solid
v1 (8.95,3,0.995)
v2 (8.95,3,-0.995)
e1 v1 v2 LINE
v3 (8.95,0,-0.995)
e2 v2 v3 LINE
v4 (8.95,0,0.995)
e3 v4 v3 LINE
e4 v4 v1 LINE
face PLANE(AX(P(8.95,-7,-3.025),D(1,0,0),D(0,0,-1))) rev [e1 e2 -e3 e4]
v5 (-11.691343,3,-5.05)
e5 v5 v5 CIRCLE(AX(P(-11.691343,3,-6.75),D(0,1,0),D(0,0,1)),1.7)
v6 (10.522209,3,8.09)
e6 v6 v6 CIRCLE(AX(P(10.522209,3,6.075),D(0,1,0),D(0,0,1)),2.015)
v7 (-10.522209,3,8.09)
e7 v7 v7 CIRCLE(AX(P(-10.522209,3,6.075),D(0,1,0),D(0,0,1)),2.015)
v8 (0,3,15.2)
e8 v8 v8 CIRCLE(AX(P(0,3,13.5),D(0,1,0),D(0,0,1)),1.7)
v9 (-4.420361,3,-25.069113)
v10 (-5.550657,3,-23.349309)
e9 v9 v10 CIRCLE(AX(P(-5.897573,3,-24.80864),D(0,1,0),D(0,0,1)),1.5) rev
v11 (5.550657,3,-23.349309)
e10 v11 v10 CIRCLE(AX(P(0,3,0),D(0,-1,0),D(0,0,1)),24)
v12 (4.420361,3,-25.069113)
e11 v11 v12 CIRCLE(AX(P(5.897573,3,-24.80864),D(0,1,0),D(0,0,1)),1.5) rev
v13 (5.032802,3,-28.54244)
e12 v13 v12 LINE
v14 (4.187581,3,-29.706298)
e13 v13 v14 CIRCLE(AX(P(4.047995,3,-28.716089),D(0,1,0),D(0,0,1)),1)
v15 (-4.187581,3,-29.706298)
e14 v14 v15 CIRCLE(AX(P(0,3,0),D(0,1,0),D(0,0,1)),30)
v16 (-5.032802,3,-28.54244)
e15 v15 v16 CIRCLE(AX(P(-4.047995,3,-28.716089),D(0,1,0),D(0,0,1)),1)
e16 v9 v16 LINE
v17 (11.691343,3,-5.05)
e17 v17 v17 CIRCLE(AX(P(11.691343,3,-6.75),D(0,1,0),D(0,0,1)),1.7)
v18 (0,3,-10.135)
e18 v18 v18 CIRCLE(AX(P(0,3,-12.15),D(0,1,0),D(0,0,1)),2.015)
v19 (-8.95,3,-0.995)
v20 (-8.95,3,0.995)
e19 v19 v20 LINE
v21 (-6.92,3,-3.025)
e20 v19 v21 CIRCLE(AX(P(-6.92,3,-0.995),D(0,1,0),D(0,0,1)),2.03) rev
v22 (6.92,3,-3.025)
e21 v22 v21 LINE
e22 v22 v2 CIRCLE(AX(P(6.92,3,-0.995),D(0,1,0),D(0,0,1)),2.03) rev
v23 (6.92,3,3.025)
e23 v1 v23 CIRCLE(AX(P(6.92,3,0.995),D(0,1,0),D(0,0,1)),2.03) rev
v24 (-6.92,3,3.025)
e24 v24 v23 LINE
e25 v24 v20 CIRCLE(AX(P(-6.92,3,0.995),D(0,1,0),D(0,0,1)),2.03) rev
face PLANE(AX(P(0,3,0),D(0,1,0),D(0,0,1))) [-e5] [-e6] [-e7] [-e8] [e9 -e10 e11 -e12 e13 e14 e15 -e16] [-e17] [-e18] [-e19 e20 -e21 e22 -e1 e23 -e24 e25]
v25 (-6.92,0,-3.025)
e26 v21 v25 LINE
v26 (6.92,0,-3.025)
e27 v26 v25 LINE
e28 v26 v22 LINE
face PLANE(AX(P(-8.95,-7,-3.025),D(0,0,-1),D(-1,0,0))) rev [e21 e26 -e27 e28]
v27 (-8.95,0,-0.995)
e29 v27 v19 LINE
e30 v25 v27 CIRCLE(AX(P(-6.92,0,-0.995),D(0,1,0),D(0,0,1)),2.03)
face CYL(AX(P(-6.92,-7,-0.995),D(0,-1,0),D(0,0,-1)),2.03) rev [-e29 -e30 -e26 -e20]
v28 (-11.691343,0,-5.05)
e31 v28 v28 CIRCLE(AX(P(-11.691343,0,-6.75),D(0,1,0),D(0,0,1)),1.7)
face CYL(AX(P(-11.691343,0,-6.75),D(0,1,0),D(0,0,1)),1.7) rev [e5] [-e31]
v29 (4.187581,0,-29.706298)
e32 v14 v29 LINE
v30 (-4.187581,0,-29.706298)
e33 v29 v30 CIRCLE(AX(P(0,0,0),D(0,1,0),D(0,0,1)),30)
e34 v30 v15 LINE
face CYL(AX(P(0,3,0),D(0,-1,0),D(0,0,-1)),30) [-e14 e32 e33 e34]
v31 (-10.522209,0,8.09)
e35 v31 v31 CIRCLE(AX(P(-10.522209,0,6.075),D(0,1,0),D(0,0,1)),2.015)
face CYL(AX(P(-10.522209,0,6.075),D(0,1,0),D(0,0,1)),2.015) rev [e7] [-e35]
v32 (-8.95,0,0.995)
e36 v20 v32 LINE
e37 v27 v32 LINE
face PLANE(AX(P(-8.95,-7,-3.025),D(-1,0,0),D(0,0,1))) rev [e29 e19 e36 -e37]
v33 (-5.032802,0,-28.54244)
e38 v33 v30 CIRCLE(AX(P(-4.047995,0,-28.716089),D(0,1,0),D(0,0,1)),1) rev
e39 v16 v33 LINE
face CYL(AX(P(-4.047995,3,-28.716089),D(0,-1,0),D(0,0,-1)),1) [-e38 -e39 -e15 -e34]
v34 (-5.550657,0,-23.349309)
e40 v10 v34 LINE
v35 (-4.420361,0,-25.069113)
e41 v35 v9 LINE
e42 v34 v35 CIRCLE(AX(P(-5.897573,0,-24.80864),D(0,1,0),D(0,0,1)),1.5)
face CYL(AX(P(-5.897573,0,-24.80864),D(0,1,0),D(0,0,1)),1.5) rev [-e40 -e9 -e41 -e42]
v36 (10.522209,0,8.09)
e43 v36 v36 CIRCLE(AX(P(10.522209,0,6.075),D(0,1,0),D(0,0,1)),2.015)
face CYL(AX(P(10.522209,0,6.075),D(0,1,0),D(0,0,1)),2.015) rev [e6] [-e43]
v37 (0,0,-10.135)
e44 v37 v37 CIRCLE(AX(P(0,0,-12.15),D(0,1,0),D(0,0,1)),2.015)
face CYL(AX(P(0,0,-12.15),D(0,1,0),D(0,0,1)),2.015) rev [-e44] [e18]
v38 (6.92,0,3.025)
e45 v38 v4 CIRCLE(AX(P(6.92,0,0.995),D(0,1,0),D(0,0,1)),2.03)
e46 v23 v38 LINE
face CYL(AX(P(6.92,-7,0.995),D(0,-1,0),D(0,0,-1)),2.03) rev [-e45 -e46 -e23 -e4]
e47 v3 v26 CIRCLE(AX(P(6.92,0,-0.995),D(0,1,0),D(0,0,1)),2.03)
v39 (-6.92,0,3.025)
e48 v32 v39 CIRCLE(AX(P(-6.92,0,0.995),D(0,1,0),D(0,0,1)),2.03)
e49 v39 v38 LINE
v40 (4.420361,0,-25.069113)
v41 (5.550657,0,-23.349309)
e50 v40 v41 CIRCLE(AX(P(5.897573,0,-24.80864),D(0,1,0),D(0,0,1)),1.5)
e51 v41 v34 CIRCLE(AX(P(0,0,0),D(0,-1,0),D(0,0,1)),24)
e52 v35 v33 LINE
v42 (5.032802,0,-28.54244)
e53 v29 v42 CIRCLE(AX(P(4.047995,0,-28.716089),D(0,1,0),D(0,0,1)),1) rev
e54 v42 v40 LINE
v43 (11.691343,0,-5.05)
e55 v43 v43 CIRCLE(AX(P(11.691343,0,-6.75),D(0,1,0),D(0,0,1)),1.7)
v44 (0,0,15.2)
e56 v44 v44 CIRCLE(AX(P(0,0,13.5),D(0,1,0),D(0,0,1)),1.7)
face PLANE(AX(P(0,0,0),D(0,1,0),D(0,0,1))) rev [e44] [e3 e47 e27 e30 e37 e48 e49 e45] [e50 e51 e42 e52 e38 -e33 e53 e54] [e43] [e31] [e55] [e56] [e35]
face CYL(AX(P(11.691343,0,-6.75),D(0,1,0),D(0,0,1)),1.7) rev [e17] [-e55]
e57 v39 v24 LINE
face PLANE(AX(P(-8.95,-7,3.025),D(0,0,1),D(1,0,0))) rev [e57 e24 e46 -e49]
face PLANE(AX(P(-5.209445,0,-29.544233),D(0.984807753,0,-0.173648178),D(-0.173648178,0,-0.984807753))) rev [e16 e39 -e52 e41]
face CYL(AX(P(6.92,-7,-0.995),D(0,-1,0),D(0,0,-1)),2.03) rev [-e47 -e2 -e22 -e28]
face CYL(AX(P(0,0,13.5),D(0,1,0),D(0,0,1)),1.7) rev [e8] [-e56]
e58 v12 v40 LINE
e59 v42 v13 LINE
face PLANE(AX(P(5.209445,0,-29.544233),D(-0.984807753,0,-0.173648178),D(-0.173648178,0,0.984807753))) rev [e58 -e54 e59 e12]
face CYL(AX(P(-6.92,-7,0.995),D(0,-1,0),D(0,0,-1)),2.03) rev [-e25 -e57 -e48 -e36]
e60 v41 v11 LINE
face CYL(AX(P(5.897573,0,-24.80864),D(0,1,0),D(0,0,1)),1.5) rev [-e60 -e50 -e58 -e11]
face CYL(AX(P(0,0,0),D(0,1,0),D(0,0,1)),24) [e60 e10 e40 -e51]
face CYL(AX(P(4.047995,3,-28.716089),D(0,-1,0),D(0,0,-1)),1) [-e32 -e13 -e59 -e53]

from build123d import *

# Parameters (mm, degrees)
SKETCH_1_R          = 30
EXTRUDE_1_DEPTH     = 3
SKETCH_2_R          = 1.7
SKETCH_2_R_2        = 2.015
CUT_EXTRUDE_1_DEPTH = 3
CUT_EXTRUDE_START   = -3
CUT_EXTRUDE_2_DEPTH = 3
FILLET_1_R          = 1.5
FILLET_2_R          = 1
SKETCH_4_W          = 17.9
SKETCH_4_H          = 6.05
CUT_EXTRUDE_3_DEPTH = 10
FILLET_3_R          = 2.03


with BuildPart() as part:
    # 草图1 → 凸台-拉伸1 (new body)
    with BuildSketch(Plane(origin=(0, 0, 0), x_dir=(1, 0, 0), z_dir=(0, 1, 0))):
        with Locations(Location((0, 0, 0), (0, 0, 270))):
            Circle(SKETCH_1_R)
    extrude(amount=EXTRUDE_1_DEPTH)

    # 草图2 → 切除-拉伸1 (cut)
    with BuildSketch(Plane(origin=(0, 3, 0), x_dir=(1, 0, 0), z_dir=(0, 1, 0))):
        with Locations(Location((0, -13.5, 0), (0, 0, 270))):
            Circle(SKETCH_2_R)
        with Locations(Location((-11.691342951, 6.75, 0), (0, 0, 270))):
            Circle(SKETCH_2_R)
        with Locations(Location((11.691342951, 6.75, 0), (0, 0, 270))):
            Circle(SKETCH_2_R)
        with Locations(Location((10.522208656, -6.075, 0), (0, 0, 270))):
            Circle(SKETCH_2_R_2)
        with Locations(Location((-10.522208656, -6.075, 0), (0, 0, 270))):
            Circle(SKETCH_2_R_2)
        with Locations(Location((0, 12.15, 0), (0, 0, 270))):
            Circle(SKETCH_2_R_2)
    extrude(amount=-CUT_EXTRUDE_1_DEPTH, mode=Mode.SUBTRACT)

    # 草图3 → 切除-拉伸2 (cut)
    with BuildSketch(Plane(origin=(0, 3, 0), x_dir=(1, 0, 0), z_dir=(0, 1, 0)).offset(CUT_EXTRUDE_START)):
        with BuildLine():
            Line((-5.20944533, 29.54423259), (-4.167556264, 23.635386072))
            ThreePointArc((-4.167556264, 23.635386072), (0, -24), (4.167556264, 23.635386072))
            Line((4.167556264, 23.635386072), (5.20944533, 29.54423259))
            ThreePointArc((5.20944533, 29.54423259), (0, -30), (-5.20944533, 29.54423259))
        make_face()
    extrude(amount=CUT_EXTRUDE_2_DEPTH, mode=Mode.SUBTRACT)

    # 圆角1
    fillet_1_edges = [part.edges().sort_by_distance(p)[0] for p in [
        (-4.167556264, 1.5, -23.635386072),
        (4.167556264, 1.5, -23.635386072),
    ]]
    fillet(fillet_1_edges, radius=FILLET_1_R)

    # 圆角2
    fillet_2_edges = [part.edges().sort_by_distance(p)[0] for p in [
        (5.20944533, 1.5, -29.54423259),
        (-5.20944533, 1.5, -29.54423259),
    ]]
    fillet(fillet_2_edges, radius=FILLET_2_R)

    # 草图4 → 切除-拉伸3 (cut)
    with BuildSketch(Plane(origin=(0, 3, 0), x_dir=(1, 0, 0), z_dir=(0, 1, 0))):
        Rectangle(SKETCH_4_W, SKETCH_4_H)
    extrude(amount=-CUT_EXTRUDE_3_DEPTH, mode=Mode.SUBTRACT)

    # 圆角3
    fillet_3_edges = [part.edges().sort_by_distance(p)[0] for p in [
        (8.95, 1.5, -3.025),
        (8.95, 1.5, 3.025),
        (-8.95, 1.5, 3.025),
        (-8.95, 1.5, -3.025),
    ]]
    fillet(fillet_3_edges, radius=FILLET_3_R)


solid = part.part
